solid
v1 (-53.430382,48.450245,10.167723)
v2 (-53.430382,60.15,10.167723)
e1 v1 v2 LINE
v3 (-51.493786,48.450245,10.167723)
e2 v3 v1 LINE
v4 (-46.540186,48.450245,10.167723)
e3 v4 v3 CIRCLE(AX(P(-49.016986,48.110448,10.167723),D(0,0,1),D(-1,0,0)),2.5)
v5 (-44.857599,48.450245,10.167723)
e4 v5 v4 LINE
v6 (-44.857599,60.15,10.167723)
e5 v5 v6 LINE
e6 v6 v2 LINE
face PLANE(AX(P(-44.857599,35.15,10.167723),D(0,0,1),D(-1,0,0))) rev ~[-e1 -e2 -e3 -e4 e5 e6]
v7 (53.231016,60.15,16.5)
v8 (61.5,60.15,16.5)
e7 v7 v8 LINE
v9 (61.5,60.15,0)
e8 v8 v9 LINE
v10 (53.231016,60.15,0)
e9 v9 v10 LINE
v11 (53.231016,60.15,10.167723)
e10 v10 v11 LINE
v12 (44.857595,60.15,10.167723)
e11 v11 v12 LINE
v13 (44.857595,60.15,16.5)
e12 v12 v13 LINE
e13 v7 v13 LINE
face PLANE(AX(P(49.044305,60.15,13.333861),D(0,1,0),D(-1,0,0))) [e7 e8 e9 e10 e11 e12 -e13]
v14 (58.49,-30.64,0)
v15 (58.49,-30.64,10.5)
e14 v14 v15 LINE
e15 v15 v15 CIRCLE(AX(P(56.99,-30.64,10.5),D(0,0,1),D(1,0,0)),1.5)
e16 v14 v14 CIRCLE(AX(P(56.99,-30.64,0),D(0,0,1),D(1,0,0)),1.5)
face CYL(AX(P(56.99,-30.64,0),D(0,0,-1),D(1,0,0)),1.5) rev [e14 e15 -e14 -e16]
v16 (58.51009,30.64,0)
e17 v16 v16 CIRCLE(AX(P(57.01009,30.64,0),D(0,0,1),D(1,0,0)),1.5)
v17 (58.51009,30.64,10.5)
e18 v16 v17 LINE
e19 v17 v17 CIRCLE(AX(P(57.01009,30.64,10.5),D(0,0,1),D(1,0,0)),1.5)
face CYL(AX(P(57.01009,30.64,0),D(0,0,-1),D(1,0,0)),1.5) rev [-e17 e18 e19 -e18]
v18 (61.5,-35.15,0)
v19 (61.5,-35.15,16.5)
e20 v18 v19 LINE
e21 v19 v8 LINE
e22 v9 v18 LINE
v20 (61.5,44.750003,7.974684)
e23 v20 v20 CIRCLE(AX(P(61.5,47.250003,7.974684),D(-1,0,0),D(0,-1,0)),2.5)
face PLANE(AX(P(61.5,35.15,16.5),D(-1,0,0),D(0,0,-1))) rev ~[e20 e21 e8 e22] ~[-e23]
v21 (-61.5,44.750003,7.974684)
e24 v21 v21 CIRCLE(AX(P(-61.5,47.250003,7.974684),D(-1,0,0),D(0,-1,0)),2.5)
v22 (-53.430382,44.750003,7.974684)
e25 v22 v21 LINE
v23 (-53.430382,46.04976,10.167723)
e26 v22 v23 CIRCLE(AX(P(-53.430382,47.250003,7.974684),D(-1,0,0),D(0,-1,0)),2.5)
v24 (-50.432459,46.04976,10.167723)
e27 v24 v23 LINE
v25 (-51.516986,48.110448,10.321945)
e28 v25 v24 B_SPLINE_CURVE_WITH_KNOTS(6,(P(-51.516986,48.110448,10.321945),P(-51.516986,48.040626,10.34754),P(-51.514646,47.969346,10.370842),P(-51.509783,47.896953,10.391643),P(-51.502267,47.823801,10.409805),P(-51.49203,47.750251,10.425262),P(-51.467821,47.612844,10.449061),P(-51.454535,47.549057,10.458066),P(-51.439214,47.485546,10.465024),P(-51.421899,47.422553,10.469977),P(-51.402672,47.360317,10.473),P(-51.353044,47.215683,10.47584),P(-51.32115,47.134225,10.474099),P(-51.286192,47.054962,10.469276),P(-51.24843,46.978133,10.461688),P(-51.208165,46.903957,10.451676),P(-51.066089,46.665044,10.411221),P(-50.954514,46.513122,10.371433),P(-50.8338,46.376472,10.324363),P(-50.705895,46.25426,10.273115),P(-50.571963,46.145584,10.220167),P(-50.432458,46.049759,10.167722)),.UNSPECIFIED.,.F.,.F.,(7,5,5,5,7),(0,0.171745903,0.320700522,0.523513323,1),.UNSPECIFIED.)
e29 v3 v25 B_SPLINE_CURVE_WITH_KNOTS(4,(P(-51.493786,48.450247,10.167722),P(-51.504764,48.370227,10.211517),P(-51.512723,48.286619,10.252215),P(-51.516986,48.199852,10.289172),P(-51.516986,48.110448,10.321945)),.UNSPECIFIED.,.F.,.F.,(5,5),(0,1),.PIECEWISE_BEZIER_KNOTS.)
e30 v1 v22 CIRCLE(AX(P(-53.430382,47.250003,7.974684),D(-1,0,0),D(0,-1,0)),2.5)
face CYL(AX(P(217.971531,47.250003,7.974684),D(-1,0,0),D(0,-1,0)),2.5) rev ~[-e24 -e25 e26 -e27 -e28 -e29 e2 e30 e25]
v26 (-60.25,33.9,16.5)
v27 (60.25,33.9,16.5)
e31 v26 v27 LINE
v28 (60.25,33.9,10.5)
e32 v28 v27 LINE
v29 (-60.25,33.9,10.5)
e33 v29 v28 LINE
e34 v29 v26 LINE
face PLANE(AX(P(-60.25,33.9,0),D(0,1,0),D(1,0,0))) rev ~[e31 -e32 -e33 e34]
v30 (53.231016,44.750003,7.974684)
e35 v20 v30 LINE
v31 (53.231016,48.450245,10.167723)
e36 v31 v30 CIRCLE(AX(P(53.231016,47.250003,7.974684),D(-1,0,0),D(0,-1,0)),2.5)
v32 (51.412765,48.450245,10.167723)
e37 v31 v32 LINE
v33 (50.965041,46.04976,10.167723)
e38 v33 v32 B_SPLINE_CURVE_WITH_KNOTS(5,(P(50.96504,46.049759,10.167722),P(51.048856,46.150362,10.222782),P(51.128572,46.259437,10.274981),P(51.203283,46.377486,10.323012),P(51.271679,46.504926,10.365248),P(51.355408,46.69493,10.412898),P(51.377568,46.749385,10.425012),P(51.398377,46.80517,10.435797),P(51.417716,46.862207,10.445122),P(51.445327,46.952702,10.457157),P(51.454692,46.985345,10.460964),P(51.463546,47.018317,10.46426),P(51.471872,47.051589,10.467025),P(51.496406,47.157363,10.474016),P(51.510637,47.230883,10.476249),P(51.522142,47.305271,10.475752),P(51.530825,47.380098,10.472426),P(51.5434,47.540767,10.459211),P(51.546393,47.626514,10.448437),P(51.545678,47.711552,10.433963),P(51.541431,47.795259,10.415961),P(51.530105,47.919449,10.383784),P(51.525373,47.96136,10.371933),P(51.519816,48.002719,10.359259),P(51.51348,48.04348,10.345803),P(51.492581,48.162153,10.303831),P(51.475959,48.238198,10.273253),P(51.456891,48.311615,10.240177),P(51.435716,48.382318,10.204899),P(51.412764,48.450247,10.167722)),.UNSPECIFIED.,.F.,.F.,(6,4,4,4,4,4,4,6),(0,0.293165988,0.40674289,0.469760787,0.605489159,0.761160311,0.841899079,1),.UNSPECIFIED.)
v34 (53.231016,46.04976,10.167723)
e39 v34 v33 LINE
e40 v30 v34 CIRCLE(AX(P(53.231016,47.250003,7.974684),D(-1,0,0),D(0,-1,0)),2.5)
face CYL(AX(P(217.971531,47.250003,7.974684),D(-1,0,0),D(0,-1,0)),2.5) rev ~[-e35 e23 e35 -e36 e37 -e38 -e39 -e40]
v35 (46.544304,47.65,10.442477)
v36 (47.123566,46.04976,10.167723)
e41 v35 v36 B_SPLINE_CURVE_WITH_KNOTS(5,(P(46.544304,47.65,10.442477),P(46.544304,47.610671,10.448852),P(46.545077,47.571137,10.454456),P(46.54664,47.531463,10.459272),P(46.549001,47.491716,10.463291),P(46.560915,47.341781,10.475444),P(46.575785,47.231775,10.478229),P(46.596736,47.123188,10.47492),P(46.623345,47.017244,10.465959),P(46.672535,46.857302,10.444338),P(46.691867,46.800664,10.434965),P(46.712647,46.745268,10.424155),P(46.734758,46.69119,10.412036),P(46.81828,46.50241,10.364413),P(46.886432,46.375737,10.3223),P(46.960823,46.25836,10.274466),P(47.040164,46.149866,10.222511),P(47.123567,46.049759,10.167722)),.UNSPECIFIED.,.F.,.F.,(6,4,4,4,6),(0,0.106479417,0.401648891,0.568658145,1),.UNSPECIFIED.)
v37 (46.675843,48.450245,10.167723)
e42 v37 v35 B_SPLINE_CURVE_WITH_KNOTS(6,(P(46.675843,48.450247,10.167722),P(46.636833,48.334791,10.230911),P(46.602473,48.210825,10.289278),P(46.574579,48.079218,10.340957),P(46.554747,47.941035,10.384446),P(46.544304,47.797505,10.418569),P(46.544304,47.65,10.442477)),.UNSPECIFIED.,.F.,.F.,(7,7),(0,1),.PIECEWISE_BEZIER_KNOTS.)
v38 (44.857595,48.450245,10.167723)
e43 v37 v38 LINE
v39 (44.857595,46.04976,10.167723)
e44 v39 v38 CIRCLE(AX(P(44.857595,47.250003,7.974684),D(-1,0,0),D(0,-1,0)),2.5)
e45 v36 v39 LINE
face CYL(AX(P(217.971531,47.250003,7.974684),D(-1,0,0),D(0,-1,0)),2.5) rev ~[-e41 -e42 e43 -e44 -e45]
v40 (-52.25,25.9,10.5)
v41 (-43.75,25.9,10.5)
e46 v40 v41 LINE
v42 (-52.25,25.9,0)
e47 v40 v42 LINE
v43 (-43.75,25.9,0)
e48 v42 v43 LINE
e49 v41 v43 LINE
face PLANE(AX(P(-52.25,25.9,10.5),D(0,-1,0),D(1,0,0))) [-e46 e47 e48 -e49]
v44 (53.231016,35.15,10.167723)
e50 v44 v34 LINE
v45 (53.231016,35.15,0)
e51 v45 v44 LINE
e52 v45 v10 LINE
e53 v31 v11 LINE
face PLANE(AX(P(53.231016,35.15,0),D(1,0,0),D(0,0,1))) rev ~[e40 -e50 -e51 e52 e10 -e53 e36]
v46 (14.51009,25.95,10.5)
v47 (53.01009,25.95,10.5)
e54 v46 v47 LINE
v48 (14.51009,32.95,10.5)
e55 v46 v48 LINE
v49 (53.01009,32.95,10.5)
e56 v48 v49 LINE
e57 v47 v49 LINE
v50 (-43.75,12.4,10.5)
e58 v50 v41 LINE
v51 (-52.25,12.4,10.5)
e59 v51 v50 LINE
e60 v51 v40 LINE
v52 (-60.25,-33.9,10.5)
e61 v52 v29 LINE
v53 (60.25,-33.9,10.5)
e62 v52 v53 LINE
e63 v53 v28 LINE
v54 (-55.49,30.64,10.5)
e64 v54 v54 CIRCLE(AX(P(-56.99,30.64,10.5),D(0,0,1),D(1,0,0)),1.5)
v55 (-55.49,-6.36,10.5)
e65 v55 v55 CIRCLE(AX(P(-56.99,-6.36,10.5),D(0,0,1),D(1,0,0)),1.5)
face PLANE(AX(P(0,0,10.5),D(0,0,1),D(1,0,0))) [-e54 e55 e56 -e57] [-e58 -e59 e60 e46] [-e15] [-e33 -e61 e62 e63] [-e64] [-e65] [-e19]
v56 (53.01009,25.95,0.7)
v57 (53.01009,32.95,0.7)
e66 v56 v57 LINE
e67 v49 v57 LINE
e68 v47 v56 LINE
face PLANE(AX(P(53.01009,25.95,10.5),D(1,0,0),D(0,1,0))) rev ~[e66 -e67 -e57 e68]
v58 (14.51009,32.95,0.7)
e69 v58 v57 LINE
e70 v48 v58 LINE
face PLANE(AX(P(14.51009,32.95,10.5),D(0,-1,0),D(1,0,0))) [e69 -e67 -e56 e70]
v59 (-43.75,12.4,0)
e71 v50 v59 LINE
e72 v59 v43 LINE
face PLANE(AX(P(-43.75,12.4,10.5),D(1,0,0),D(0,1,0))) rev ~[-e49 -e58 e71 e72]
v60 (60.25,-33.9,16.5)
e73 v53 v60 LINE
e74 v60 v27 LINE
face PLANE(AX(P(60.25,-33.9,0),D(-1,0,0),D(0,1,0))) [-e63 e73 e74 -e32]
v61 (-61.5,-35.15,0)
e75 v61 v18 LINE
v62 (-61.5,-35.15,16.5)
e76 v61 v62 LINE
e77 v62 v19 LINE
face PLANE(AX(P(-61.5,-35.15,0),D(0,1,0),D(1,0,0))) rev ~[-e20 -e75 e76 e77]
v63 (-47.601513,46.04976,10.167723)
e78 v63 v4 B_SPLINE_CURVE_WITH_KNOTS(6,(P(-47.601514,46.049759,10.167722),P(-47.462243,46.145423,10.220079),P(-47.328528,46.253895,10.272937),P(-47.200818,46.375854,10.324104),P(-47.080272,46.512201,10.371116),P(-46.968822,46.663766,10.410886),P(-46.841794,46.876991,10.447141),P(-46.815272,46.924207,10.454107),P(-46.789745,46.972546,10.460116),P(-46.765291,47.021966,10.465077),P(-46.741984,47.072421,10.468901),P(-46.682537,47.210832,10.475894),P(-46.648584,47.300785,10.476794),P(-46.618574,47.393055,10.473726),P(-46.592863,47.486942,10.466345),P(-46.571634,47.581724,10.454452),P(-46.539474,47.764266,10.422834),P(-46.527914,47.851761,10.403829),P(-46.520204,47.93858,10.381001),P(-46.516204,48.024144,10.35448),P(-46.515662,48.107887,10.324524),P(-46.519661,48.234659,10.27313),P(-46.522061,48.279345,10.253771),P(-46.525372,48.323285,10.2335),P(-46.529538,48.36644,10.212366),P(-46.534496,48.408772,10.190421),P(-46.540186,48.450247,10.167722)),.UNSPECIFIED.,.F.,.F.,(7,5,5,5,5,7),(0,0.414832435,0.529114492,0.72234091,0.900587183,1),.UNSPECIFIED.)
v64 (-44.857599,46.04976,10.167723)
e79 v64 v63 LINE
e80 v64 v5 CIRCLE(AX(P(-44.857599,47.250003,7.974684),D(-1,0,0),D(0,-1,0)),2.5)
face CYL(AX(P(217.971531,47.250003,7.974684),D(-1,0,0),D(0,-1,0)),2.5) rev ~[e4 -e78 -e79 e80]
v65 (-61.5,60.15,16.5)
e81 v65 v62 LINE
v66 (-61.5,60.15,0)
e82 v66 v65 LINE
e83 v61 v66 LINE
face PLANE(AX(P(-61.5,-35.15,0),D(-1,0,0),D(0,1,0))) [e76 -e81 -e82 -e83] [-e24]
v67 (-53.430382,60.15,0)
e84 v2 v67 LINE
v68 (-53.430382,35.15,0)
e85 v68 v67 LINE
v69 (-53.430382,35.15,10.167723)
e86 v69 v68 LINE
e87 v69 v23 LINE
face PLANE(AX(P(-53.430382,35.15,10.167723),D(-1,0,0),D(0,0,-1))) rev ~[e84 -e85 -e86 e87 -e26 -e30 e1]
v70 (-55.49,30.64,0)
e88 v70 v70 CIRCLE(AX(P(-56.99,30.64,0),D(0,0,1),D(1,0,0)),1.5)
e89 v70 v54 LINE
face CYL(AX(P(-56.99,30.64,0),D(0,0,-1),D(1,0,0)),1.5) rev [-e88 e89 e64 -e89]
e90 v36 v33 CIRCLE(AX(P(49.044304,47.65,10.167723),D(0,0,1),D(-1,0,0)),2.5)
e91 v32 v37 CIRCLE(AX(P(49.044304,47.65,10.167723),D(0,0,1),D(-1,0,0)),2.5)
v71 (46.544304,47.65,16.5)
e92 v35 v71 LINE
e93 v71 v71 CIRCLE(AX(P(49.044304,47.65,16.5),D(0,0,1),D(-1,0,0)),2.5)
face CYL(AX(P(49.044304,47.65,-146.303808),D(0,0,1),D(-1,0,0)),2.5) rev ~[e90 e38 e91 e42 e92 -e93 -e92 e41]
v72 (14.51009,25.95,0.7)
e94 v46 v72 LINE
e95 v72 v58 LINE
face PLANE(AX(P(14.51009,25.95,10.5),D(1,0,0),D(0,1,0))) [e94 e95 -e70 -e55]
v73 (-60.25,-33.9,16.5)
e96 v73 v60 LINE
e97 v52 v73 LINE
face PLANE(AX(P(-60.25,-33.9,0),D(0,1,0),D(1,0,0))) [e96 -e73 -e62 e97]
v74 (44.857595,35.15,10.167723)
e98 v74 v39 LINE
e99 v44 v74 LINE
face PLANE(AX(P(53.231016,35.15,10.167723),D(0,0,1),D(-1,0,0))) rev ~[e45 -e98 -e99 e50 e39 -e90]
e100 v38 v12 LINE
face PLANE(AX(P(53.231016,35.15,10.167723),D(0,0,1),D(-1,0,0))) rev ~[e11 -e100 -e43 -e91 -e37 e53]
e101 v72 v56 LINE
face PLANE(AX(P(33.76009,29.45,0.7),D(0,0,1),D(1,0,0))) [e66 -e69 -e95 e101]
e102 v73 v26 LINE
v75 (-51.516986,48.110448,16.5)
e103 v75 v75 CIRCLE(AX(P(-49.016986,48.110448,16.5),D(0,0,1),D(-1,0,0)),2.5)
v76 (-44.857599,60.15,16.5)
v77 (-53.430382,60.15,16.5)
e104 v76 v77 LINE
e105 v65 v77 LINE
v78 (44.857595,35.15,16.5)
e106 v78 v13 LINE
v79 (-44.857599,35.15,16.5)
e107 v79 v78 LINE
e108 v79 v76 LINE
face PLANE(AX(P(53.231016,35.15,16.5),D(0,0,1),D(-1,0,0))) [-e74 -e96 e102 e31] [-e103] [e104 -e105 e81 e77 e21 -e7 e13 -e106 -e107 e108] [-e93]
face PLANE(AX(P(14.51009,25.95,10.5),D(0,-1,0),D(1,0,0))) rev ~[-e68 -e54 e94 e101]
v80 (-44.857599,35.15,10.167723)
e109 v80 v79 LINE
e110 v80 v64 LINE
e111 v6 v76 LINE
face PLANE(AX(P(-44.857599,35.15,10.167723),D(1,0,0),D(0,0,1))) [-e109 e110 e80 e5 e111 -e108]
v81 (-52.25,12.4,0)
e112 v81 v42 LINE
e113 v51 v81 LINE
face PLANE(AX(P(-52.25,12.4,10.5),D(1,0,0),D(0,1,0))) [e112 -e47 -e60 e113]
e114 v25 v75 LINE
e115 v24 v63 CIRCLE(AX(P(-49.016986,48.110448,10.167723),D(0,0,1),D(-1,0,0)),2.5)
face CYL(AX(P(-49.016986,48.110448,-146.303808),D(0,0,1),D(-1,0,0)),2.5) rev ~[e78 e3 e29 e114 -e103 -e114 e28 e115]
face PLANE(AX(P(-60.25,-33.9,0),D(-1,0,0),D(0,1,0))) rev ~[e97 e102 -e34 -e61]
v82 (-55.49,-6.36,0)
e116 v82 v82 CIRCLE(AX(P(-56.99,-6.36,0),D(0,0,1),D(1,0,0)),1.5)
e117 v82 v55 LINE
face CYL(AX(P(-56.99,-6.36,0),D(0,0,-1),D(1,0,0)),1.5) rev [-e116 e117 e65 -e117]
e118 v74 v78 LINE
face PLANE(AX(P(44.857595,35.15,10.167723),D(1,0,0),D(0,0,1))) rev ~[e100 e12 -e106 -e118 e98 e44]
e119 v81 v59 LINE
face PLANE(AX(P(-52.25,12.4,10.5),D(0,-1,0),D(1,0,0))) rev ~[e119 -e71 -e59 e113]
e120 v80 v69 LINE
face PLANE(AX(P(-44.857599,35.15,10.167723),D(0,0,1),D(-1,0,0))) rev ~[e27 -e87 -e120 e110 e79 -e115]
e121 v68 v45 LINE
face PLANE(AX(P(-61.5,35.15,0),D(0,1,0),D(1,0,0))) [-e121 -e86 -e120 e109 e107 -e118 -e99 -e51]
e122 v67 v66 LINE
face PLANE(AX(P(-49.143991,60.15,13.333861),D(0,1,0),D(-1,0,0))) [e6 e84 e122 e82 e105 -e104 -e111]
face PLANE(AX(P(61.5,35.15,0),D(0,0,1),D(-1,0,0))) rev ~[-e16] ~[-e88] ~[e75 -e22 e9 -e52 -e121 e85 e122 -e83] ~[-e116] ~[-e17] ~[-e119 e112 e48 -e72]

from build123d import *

# Parameters (mm, degrees)
F0_W     = 123
F0_H     = 70.3
F0_W_2   = 120.5
F0_H_2   = 67.8
F1_DEPTH = 16.5
F0_R     = 1.5
F2_DEPTH = 10.5
F3_W     = 38.5
F3_H     = 7
F4_DEPTH = 9.8
F3_W_2   = 8.5
F3_H_2   = 13.5
F5_DEPTH = 25
F6_W     = 8.3734206855
F6_H     = 6.3322774097
F6_W_2   = 8.5727833211
F7_DEPTH = 25
F9_D     = 5
F11_D    = 5
F13_D    = 5


with BuildPart() as f1:
    # F0 (on Top) → F1 (new body)
    with BuildSketch(Plane.XY):
        Rectangle(F0_W, F0_H)
        Rectangle(F0_W_2, F0_H_2, mode=Mode.SUBTRACT)
    extrude(amount=F1_DEPTH)

    # F0 (on Top) → F2 (join)
    with BuildSketch(Plane.XY):
        Rectangle(F0_W_2, F0_H_2)
        with Locations((-56.99, -6.36)):
            Circle(F0_R, mode=Mode.SUBTRACT)
        with Locations((56.99, -30.64)):
            Circle(F0_R, mode=Mode.SUBTRACT)
        with Locations((-56.99, 30.64)):
            Circle(F0_R, mode=Mode.SUBTRACT)
        with Locations((57.01009, 30.64)):
            Circle(F0_R, mode=Mode.SUBTRACT)
    extrude(amount=F2_DEPTH)

    # F3 (on face) → F4 (cut)
    with BuildSketch(Plane.XY.offset(10.5)):
        with Locations((33.76009, 29.45)):
            Rectangle(F3_W, F3_H)
    extrude(amount=-F4_DEPTH, mode=Mode.SUBTRACT)

    # F3 (on face) → F5 (cut)
    with BuildSketch(Plane.XY.offset(10.5)):
        with Locations((-48, 19.15)):
            Rectangle(F3_W_2, F3_H_2)
    extrude(amount=-F5_DEPTH, mode=Mode.SUBTRACT)

    # F6 (on face) → F7 (join)
    with BuildSketch(Plane(origin=(0, 35.15, 0), x_dir=(-1, 0, 0), z_dir=(0, 1, 0))):
        with Locations((-49.0443054587, 13.3338612951)):
            Rectangle(F6_W, F6_H)
        Polygon((-53.2310158014, 16.5), (-61.5, 16.5), (-61.5, 0), (-53.2310158014, 0), (-53.2310158014, 10.1677225903), align=None)
        with Locations((49.1439905018, 13.3338612951)):
            Rectangle(F6_W_2, F6_H)
        Polygon((53.4303821623, 10.1677225903), (53.4303821623, 0), (61.5, 0), (61.5, 16.5), (53.4303821623, 16.5), align=None)
    extrude(amount=F7_DEPTH)

    # F9 (through all)
    with Locations(Plane(origin=(0, 0, 10.1677225903), x_dir=(1, 0, 0), z_dir=(0, 0, -1))):
        with Locations((-49.0169860423, -48.110447824)):
            Hole(F9_D / 2)

    # F11 (through all)
    with Locations(Plane(origin=(0, 0, 10.1677225903), x_dir=(1, 0, 0), z_dir=(0, 0, -1))):
        with Locations((49.044303596, -47.65)):
            Hole(F11_D / 2)

    # F13 (through all)
    with Locations(Plane.YZ.offset(61.5)):
        with Locations((47.2500026226, 7.9746842384)):
            Hole(F13_D / 2)


solid = f1.part
